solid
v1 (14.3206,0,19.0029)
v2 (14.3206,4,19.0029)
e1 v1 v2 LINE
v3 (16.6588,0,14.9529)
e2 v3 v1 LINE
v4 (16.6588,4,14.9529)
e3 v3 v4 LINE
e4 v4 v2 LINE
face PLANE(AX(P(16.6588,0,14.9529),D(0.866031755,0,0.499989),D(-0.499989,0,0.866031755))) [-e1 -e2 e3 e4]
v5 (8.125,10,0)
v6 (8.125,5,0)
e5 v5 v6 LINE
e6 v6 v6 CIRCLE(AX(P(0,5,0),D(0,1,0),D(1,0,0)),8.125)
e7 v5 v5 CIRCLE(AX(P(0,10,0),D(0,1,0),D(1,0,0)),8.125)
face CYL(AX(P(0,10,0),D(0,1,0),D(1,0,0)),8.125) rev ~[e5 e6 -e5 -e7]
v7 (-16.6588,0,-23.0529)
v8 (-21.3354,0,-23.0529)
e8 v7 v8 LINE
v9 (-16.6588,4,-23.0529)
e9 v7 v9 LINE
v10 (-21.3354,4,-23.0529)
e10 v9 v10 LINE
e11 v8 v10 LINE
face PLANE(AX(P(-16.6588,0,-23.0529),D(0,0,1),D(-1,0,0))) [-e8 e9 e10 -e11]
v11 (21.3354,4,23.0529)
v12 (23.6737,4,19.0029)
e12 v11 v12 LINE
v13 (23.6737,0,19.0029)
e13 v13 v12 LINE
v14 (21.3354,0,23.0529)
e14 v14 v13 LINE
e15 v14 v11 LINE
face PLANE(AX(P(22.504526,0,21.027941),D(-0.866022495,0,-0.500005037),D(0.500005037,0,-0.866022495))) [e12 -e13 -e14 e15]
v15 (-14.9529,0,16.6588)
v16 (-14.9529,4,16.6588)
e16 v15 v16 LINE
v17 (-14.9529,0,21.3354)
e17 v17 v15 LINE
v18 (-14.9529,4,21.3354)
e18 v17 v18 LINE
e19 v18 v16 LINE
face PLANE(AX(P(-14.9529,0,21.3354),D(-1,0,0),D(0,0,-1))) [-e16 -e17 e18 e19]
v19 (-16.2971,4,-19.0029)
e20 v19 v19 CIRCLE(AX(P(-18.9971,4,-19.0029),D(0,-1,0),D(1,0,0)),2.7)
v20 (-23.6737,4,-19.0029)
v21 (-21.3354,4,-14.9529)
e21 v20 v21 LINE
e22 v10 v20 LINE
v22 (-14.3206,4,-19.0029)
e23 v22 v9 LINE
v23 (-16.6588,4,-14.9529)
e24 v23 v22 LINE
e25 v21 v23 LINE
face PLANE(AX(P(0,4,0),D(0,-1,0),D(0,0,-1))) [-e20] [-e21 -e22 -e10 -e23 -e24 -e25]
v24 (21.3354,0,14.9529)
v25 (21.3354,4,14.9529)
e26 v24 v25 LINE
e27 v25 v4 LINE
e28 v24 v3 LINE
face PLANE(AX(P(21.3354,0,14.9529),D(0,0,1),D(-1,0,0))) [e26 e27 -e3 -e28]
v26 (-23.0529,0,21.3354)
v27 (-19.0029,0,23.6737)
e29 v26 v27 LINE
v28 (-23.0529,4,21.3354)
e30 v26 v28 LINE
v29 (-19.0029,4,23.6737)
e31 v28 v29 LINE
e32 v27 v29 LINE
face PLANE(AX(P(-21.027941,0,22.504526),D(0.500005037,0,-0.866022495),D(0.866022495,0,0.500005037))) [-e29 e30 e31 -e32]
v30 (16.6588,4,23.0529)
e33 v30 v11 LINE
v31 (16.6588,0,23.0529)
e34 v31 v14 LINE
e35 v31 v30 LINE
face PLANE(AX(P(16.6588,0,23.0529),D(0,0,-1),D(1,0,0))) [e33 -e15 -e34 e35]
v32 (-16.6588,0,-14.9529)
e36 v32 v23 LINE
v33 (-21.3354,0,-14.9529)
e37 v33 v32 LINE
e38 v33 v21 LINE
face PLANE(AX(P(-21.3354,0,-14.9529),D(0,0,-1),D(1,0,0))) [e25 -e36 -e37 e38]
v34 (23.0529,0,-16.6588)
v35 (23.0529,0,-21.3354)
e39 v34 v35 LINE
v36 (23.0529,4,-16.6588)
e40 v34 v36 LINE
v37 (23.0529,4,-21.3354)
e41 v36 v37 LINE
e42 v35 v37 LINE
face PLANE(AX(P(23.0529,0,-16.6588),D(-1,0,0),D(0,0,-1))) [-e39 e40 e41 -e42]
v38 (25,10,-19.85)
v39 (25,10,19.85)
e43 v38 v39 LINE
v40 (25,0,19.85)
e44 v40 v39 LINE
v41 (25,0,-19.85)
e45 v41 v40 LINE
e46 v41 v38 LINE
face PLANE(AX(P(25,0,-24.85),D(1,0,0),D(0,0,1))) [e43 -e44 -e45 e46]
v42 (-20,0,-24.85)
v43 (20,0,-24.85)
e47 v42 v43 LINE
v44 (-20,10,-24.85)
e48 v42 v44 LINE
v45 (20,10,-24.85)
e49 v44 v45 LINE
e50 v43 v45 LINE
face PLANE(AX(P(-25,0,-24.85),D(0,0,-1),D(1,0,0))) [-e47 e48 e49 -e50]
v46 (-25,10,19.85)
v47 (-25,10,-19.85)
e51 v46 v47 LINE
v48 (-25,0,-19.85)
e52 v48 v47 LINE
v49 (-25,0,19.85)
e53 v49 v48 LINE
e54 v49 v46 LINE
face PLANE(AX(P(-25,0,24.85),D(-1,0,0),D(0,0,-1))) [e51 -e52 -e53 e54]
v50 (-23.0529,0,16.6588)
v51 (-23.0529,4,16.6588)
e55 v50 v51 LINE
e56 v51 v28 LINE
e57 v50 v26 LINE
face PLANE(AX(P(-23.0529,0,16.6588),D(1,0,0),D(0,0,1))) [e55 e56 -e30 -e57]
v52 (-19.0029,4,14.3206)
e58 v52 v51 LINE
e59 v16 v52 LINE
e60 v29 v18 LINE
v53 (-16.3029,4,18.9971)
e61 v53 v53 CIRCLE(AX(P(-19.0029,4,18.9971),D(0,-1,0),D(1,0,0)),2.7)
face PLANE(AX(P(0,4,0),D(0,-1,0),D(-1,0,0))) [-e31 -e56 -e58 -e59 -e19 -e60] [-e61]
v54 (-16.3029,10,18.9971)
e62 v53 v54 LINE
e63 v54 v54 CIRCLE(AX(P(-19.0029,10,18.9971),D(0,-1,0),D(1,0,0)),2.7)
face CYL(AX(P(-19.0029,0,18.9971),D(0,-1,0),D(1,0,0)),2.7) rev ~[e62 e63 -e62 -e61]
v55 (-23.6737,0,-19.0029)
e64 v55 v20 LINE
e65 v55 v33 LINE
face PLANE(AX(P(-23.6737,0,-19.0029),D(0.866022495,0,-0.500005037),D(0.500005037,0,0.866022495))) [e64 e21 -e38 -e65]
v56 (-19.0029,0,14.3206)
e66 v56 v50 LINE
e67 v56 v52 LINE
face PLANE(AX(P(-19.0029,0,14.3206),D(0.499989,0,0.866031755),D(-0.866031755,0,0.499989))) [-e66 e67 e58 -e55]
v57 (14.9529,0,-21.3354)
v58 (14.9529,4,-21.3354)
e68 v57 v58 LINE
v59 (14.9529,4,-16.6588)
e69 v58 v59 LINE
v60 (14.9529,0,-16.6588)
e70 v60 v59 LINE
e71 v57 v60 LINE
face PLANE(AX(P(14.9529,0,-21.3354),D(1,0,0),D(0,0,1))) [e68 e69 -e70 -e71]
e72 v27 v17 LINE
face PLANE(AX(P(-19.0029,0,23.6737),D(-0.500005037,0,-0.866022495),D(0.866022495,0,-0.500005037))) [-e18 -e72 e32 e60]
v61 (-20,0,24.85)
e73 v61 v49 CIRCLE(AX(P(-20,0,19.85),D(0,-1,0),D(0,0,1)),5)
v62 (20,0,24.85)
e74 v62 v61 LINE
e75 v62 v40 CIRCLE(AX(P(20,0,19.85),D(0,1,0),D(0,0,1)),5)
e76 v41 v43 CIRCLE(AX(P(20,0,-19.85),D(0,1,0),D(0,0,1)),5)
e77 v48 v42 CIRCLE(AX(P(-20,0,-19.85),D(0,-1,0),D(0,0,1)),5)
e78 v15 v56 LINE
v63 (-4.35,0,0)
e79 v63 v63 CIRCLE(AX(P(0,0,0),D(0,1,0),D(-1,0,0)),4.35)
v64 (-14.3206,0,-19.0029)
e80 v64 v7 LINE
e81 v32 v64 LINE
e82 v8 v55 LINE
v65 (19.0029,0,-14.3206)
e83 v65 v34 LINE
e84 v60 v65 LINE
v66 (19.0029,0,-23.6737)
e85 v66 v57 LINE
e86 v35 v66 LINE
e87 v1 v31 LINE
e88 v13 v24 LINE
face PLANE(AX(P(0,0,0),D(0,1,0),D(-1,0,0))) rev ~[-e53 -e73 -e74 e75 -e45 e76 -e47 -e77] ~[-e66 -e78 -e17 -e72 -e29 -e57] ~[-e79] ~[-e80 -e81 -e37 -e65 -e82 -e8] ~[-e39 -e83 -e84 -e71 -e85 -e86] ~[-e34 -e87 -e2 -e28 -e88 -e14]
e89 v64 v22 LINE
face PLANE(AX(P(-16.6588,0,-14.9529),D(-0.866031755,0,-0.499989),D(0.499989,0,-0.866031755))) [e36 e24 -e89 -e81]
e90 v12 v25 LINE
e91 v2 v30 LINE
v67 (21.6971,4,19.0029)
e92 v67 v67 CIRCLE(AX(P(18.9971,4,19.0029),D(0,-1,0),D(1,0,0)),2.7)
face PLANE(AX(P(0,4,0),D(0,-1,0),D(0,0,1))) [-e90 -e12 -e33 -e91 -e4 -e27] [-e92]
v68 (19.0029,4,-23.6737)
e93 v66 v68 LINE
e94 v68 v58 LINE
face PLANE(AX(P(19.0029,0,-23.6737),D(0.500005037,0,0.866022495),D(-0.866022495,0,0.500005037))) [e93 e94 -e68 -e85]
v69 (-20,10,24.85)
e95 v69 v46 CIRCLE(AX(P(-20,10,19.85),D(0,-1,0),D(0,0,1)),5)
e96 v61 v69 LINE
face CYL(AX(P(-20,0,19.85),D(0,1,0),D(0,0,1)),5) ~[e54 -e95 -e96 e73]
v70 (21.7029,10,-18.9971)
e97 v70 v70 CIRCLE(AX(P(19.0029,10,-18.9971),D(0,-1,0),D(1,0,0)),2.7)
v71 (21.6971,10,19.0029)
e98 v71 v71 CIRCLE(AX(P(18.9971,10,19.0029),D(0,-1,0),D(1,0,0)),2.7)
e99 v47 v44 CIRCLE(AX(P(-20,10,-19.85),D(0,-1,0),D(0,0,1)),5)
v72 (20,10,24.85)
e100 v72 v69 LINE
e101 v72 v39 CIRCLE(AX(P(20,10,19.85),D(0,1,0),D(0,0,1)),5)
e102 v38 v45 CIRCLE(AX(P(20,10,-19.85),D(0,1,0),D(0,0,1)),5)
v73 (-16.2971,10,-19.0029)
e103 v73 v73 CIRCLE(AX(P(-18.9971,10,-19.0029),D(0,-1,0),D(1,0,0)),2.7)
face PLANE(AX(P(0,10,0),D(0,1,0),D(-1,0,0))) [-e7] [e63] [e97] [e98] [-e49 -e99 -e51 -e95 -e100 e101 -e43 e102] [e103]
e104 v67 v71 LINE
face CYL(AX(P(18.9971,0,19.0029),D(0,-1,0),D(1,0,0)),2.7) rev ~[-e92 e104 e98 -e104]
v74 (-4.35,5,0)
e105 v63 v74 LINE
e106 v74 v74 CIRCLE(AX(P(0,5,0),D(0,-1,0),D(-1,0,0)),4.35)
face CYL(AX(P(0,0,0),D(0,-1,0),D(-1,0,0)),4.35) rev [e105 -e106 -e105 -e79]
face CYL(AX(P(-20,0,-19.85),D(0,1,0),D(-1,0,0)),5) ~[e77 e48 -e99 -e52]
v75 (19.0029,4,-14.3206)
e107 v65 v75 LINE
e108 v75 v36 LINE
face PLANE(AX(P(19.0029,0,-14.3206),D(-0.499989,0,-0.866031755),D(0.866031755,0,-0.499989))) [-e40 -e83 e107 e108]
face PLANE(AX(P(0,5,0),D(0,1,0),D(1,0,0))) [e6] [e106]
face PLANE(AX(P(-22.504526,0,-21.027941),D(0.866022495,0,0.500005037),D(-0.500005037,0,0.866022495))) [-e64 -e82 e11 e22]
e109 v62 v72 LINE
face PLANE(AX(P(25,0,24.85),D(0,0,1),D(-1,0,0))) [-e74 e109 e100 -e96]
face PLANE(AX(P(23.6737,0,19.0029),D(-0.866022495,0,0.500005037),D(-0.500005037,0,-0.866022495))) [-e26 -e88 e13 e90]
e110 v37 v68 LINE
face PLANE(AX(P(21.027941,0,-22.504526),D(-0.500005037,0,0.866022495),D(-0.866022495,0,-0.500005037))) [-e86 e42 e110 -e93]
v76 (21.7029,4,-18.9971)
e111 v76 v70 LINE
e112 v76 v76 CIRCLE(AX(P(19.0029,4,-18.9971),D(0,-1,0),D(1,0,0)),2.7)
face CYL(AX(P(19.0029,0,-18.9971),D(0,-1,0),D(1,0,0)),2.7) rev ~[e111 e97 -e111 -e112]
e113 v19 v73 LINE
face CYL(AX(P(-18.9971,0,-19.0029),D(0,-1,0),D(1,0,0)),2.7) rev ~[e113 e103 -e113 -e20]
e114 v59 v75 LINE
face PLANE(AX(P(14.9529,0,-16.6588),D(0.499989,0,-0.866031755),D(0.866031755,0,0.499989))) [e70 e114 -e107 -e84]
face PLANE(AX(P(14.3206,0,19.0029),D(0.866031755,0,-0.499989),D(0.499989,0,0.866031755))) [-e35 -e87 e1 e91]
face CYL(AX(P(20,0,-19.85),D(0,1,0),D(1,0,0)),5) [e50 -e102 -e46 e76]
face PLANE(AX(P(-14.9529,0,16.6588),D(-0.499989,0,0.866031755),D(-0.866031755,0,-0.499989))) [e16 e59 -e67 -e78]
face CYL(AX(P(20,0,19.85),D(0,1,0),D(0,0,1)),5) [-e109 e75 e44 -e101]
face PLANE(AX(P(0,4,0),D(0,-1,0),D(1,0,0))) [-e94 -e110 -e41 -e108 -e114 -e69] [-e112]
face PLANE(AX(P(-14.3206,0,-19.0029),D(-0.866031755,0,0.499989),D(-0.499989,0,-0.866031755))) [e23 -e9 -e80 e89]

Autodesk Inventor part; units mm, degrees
ref_plane "YZ Plane" through (0, 0, 0) normal (1, 0, 0) x (0, 1, 0)
ref_plane "XZ Plane" through (0, 0, 0) normal (0, 1, 0) x (-1, 0, 0)
ref_plane "XY Plane" through (0, 0, 0) normal (0, 0, 1) x (1, 0, 0)
sketch "Boceto1" plane through (0, 0, 0) normal (0, 1, 0) x (-1, 0, 0)
  line L0 (-25, 24.85) -> (25, 24.85)
  line L1 (25, 24.85) -> (25, -24.85)
  line L2 (25, -24.85) -> (-25, -24.85)
  line L3 (-25, -24.85) -> (-25, 24.85)
  line L4 (-25, 24.85) -> (25, -24.85) construction
  line L5 (25, 24.85) -> (-25, -24.85) construction
  circle A0 centre (0, 0) radius 4.35
  dimension "d0" = 50
  dimension "d1" = 8.7
  dimension "d2" = 49.7
extrude "Extrusión1" add sketch "Boceto1" along normal blind 10
sketch "Boceto4" plane through (0, 0, 0) normal (0, -1, 0) x (1, 0, 0)
  line L0 (25, 24.85) -> (25, -24.85) projected
  line L1 (-25, -24.85) -> (-25, 24.85) projected
  line L2 (25, 24.85) -> (-25, 24.85)
  line L3 (-25, 24.85) -> (-25, 17.85)
  line L4 (-25, 17.85) -> (25, 17.85)
  line L5 (25, 17.85) -> (25, 24.85)
  line L6 (25, -24.85) -> (-25, -24.85) projected
  line L7 (25, -24.85) -> (-25, -24.85)
  line L8 (-25, -24.85) -> (-25, -17.85)
  line L9 (-25, -17.85) -> (25, -17.85)
  line L10 (25, -17.85) -> (25, -24.85)
  line L11 (25, -24.85) -> (-25, -24.85) projected
  line L12 (25, 24.85) -> (25, -24.85) projected
  line L13 (-25, 24.85) -> (25, 24.85) projected
  line L14 (-25, -24.85) -> (-25, 24.85) projected
  circle A0 centre (0, 0) radius 4.35 projected
  point P0 (-25, -17.85)
  point P1 (25, -17.85)
  point P2 (-25, 24.85)
  dimension "d14" = 7
  dimension "d15" = 7
extrude "Extrusión4" [suppressed]
sketch "Boceto5" plane through (0, 0, 0) normal (0, 0, 1) x (1, 0, 0)
  circle A0 centre (18, -5.5) radius 2.7
  circle A1 centre (-18, -5.5) radius 2.7
  line L0 (20, -12) -> (-20, -12) projected
  line L1 (25, 0) -> (25, 10) projected
  line L2 (-25, 0) -> (-25, 10) projected
  point P0 (0, 0)
  point P1 (-25, 10)
  dimension "d19" = 6.5
  dimension "d20" = 5.4
  dimension "d21" = 7
  dimension "d22" = 7
extrude "Extrusión5" [suppressed]
sketch "Boceto6" plane through (0, 0, 0) normal (0, 0, 1) x (1, 0, 0)
  circle A0 centre (13, -5.5) radius 2.7 projected
  circle A1 centre (13, -5.5) radius 4.65
  circle A2 centre (-13, -5.5) radius 2.7 projected
  circle A3 centre (-13, -5.5) radius 4.65
  point P0 (0, 0)
  dimension "d25" = 9.3
extrude "Extrusión6" [suppressed]
fillet "Empalme2" [suppressed]
fillet "Empalme3" [suppressed]
sketch "Boceto8" plane through (0, 0, 0) normal (0, -1, 0) x (1, 0, 0)
  circle A0 centre (0, 0) radius 4.35 projected
  line L0 (-25, -24.85) -> (-25, 24.85) projected
  line L1 (25, 24.85) -> (25, -24.85) projected
  circle A1 centre (0, 0) radius 7.5
  line L2 (25, -24.85) -> (-25, -24.85) projected
  line L3 (-25, 24.85) -> (25, 24.85) projected
  dimension "d30" = 15
extrude "Extrusión7" [suppressed]
fillet "Empalme4" [suppressed]
sketch "Boceto9" plane through (0, 10, 0) normal (0, 1, 0) x (1, 0, 0)
  circle A0 centre (0, 0) radius 8.125
  dimension "d34" = 16.25
extrude "Extrusión8" cut sketch "Boceto9" against normal blind 5
sketch "Boceto10" plane through (0, 0, 0) normal (0, -1, 0) x (1, 0, 0)
  circle A0 centre (-18.9971, -19.0029) radius 2.7 projected
  circle A1 centre (-19.0029, 18.9971) radius 2.7 projected
  circle A2 centre (19.0029, -18.9971) radius 2.7 projected
  circle A3 centre (18.9971, 19.0029) radius 2.7 projected
  point P0 (0, 0)
extrude "Extrusión9" cut sketch "Boceto10" against normal through all
fillet "Empalme5" radius 5 4 edges at (-25, 5, 24.85) (25, 5, 24.85) (25, 5, -24.85) (-25, 5, -24.85)
sketch "Boceto11" plane through (0, 0, 0) normal (0, -1, 0) x (1, 0, 0)
  circle A0 centre (19.0029, -18.9971) radius 2.7 projected
  circle A1 centre (19.0029, -18.9971) radius 4.05
  line L0 (14.9529, -21.3354) -> (14.9529, -16.6588)
  line L1 (14.9529, -16.6588) -> (19.0029, -14.3206)
  line L2 (19.0029, -14.3206) -> (23.0529, -16.6588)
  line L3 (23.0529, -16.6588) -> (23.0529, -21.3354)
  line L4 (23.0529, -21.3354) -> (19.0029, -23.6737)
  line L5 (19.0029, -23.6737) -> (14.9529, -21.3354)
  point P0 (0, 0)
  dimension "d40" = 8.1
extrude "Extrusión10" cut sketch "Boceto11" against normal blind 4 contours A0 | A1 | L3 L4 A1 | A1 L2 L3 | A1 L1 L2 | L4 L5 A1 | A1 L0 L1 | L5 L0 A1
pattern_circular "Patrón circular1" count 4 over 360 about axis through (0, 0, 0) along (0, 1, 0) of "Extrusión10"
properties part number "Shoulderbottom"
